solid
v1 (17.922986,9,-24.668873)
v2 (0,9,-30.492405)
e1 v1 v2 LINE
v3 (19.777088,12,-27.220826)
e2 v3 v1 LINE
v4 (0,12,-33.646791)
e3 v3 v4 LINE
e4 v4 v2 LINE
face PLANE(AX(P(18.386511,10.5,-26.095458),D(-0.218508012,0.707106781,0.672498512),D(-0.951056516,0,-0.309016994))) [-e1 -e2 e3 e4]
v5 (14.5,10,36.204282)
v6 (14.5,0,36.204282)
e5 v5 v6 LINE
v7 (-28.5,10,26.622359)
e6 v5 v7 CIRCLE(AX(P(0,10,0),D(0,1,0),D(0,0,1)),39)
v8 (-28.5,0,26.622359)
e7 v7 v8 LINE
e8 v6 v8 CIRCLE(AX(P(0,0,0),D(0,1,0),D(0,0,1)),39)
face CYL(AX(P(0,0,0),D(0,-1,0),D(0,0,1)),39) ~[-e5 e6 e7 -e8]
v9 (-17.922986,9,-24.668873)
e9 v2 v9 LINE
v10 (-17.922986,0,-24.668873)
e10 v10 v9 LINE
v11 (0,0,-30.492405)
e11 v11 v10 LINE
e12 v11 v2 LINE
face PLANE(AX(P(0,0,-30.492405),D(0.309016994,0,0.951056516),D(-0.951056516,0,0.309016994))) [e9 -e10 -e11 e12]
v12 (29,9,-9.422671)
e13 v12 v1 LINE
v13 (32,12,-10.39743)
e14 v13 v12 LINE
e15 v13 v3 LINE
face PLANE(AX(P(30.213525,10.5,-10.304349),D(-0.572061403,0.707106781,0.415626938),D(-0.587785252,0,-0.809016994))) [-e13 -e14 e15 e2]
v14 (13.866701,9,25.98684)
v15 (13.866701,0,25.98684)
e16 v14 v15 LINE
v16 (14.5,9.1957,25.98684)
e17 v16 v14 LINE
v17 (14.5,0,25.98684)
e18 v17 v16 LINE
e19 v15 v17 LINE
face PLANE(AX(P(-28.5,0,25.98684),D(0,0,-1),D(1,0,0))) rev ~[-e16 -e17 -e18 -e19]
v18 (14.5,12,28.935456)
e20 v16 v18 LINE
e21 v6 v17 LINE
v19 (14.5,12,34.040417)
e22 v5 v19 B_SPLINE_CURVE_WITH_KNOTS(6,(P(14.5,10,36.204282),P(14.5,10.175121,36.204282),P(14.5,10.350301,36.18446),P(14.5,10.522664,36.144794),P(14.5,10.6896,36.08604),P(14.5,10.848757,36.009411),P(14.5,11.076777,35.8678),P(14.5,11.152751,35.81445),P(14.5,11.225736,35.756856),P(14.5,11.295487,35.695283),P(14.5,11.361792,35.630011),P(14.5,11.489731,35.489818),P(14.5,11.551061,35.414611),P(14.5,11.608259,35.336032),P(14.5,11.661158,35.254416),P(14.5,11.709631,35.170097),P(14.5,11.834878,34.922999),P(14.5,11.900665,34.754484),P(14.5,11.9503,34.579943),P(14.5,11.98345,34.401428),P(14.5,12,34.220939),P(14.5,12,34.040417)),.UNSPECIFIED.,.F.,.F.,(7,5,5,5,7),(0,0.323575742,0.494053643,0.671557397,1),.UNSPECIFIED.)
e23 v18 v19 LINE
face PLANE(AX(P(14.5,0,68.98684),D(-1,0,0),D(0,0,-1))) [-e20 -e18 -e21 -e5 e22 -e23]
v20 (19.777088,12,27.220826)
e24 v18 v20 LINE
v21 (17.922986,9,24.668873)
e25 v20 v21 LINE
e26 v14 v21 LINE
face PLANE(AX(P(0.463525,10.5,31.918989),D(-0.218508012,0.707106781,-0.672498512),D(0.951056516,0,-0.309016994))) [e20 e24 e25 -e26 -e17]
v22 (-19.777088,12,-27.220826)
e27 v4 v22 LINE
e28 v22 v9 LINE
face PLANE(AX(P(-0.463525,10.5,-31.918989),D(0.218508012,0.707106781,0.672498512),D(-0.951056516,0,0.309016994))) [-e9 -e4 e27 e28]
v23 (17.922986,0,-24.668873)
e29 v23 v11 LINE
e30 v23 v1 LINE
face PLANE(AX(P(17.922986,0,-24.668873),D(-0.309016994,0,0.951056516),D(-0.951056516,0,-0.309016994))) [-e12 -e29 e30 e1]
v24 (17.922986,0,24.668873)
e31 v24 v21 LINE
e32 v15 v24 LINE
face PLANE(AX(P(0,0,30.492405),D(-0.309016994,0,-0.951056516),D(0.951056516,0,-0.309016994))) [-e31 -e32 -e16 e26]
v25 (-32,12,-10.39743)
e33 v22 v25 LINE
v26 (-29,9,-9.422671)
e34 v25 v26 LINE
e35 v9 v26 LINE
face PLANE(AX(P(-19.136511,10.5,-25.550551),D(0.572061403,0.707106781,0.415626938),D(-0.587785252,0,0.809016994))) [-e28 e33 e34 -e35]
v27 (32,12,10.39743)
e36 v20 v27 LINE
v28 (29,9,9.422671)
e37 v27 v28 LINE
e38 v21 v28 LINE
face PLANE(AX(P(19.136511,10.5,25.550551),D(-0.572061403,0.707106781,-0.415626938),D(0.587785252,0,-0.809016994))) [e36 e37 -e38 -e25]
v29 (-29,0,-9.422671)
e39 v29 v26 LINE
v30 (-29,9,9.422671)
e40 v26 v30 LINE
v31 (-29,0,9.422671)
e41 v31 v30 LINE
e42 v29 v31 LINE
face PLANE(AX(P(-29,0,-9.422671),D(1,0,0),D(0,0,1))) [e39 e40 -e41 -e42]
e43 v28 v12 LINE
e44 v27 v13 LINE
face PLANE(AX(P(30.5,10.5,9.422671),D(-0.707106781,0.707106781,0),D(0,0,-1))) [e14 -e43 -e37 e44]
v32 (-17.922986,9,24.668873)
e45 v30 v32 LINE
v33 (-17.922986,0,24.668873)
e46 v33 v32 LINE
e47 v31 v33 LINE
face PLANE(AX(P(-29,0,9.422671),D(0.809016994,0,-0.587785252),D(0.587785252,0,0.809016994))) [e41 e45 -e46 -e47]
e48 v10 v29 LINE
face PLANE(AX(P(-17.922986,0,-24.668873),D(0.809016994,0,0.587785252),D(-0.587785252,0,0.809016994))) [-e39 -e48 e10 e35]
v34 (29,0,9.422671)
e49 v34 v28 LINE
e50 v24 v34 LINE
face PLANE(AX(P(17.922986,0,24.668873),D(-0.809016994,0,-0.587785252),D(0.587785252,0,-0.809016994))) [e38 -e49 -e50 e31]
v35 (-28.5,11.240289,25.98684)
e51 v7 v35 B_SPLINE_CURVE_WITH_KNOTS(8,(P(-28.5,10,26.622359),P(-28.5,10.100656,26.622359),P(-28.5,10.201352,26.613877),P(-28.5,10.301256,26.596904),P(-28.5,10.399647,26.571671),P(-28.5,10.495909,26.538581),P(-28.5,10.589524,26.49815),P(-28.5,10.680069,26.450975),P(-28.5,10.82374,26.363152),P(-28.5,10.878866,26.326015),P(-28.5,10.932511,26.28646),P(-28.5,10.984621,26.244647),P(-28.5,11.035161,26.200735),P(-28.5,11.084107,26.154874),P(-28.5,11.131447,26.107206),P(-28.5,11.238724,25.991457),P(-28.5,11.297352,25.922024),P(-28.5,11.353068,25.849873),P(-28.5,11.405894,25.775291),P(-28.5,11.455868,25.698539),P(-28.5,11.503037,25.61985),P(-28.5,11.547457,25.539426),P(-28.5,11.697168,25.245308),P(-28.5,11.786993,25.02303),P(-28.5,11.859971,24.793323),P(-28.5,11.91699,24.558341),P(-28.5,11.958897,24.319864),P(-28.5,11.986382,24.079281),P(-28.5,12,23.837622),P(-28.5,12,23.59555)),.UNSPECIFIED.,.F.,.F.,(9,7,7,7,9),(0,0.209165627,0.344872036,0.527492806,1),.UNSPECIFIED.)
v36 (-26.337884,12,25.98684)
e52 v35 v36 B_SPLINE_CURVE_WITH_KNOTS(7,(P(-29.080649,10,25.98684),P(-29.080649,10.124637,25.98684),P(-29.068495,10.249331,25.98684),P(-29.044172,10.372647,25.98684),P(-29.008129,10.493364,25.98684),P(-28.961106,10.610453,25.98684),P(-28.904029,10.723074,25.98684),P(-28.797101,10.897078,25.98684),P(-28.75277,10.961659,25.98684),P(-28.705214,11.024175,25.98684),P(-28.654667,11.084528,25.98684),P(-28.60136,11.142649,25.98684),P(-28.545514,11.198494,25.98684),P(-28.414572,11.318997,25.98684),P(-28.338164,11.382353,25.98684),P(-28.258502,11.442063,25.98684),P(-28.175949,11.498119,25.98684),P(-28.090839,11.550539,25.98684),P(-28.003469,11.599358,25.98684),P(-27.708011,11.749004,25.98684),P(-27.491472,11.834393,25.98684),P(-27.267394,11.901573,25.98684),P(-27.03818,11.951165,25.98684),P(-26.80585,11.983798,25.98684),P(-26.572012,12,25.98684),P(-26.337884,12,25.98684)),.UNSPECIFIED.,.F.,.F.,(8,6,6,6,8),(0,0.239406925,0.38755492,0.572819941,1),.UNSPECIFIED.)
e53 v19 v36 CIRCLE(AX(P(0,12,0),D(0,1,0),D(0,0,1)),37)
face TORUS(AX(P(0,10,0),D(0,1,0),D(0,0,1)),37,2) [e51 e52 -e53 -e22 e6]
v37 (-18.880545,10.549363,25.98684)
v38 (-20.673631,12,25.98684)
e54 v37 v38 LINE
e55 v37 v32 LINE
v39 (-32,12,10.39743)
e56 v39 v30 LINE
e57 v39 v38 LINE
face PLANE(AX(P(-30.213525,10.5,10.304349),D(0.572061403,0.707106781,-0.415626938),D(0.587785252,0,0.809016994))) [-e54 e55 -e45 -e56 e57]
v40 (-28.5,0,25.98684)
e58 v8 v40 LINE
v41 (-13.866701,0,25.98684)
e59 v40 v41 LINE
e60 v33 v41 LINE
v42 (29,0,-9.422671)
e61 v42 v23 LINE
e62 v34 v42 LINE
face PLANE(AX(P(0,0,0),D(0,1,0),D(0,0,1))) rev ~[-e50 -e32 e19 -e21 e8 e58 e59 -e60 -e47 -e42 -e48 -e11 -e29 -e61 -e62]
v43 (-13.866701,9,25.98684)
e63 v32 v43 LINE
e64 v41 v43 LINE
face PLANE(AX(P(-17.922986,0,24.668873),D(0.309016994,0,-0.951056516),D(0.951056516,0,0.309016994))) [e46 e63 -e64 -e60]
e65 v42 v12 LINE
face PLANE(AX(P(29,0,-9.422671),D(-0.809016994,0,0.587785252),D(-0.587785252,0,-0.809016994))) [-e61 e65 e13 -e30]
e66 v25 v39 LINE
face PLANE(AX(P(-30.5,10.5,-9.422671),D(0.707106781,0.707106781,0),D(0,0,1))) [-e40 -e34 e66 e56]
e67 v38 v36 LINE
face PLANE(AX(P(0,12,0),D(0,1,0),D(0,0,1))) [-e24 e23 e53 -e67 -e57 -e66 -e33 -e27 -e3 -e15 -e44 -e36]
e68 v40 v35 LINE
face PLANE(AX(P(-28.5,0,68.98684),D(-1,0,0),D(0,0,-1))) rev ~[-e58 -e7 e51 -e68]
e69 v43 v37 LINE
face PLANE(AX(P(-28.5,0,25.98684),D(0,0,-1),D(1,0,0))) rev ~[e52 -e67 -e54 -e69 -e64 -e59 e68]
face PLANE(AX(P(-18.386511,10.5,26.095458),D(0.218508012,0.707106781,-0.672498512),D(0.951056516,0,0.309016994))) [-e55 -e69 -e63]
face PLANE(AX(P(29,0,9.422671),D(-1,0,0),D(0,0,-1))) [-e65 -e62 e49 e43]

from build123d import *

# Parameters (mm, degrees)
SKETCH1_R           = 39
BOSS_EXTRUDE1_DEPTH = 12
FILLET1_R           = 2
CHAMFER1_SIZE       = 3
SKETCH2_W           = 43
SKETCH2_H           = 43
CUT_EXTRUDE2_DEPTH  = 57.444663167


with BuildPart() as part:
    # Sketch1 → Boss-Extrude1 (new body)
    with BuildSketch(Plane(origin=(0, 0, 0), x_dir=(1, 0, 0), z_dir=(0, 1, 0))):
        with Locations(Location((0, 0, 0), (0, 0, 270))):
            Circle(SKETCH1_R)
        Polygon((17.922985674, 24.668873442), (0, 30.492404503), (-17.922985674, 24.668873442), (-29, 9.422671191), (-29, -9.422671191), (-17.922985674, -24.668873442), (0, -30.492404503), (17.922985674, -24.668873442), (29, -9.422671191), (29, 9.422671191), align=None, mode=Mode.SUBTRACT)
    extrude(amount=BOSS_EXTRUDE1_DEPTH)

    # Fillet1
    fillet1_edges = [part.edges().sort_by_distance(p)[0] for p in [
        (0, 12, -39),
    ]]
    fillet(fillet1_edges, radius=FILLET1_R)

    # Chamfer1
    chamfer1_edges = [part.edges().sort_by_distance(p)[0] for p in [
        (23.461492837, 12, -17.045772316),
        (8.961492837, 12, -27.580638973),
        (-8.961492837, 12, -27.580638973),
        (-23.461492837, 12, -17.045772316),
        (-29, 12, 0),
        (-23.461492837, 12, 17.045772316),
        (-8.961492837, 12, 27.580638973),
        (8.961492837, 12, 27.580638973),
        (23.461492837, 12, 17.045772316),
        (29, 12, 0),
    ]]
    chamfer(chamfer1_edges, length=CHAMFER1_SIZE)

    # Sketch2 → Cut-Extrude2 (cut, through all)
    with BuildSketch(Plane(origin=(0, 0, 0), x_dir=(1, 0, 0), z_dir=(0, 1, 0))):
        with Locations((-7, -47.486840282)):
            Rectangle(SKETCH2_W, SKETCH2_H)
    extrude(amount=CUT_EXTRUDE2_DEPTH, mode=Mode.SUBTRACT)


solid = part.part
